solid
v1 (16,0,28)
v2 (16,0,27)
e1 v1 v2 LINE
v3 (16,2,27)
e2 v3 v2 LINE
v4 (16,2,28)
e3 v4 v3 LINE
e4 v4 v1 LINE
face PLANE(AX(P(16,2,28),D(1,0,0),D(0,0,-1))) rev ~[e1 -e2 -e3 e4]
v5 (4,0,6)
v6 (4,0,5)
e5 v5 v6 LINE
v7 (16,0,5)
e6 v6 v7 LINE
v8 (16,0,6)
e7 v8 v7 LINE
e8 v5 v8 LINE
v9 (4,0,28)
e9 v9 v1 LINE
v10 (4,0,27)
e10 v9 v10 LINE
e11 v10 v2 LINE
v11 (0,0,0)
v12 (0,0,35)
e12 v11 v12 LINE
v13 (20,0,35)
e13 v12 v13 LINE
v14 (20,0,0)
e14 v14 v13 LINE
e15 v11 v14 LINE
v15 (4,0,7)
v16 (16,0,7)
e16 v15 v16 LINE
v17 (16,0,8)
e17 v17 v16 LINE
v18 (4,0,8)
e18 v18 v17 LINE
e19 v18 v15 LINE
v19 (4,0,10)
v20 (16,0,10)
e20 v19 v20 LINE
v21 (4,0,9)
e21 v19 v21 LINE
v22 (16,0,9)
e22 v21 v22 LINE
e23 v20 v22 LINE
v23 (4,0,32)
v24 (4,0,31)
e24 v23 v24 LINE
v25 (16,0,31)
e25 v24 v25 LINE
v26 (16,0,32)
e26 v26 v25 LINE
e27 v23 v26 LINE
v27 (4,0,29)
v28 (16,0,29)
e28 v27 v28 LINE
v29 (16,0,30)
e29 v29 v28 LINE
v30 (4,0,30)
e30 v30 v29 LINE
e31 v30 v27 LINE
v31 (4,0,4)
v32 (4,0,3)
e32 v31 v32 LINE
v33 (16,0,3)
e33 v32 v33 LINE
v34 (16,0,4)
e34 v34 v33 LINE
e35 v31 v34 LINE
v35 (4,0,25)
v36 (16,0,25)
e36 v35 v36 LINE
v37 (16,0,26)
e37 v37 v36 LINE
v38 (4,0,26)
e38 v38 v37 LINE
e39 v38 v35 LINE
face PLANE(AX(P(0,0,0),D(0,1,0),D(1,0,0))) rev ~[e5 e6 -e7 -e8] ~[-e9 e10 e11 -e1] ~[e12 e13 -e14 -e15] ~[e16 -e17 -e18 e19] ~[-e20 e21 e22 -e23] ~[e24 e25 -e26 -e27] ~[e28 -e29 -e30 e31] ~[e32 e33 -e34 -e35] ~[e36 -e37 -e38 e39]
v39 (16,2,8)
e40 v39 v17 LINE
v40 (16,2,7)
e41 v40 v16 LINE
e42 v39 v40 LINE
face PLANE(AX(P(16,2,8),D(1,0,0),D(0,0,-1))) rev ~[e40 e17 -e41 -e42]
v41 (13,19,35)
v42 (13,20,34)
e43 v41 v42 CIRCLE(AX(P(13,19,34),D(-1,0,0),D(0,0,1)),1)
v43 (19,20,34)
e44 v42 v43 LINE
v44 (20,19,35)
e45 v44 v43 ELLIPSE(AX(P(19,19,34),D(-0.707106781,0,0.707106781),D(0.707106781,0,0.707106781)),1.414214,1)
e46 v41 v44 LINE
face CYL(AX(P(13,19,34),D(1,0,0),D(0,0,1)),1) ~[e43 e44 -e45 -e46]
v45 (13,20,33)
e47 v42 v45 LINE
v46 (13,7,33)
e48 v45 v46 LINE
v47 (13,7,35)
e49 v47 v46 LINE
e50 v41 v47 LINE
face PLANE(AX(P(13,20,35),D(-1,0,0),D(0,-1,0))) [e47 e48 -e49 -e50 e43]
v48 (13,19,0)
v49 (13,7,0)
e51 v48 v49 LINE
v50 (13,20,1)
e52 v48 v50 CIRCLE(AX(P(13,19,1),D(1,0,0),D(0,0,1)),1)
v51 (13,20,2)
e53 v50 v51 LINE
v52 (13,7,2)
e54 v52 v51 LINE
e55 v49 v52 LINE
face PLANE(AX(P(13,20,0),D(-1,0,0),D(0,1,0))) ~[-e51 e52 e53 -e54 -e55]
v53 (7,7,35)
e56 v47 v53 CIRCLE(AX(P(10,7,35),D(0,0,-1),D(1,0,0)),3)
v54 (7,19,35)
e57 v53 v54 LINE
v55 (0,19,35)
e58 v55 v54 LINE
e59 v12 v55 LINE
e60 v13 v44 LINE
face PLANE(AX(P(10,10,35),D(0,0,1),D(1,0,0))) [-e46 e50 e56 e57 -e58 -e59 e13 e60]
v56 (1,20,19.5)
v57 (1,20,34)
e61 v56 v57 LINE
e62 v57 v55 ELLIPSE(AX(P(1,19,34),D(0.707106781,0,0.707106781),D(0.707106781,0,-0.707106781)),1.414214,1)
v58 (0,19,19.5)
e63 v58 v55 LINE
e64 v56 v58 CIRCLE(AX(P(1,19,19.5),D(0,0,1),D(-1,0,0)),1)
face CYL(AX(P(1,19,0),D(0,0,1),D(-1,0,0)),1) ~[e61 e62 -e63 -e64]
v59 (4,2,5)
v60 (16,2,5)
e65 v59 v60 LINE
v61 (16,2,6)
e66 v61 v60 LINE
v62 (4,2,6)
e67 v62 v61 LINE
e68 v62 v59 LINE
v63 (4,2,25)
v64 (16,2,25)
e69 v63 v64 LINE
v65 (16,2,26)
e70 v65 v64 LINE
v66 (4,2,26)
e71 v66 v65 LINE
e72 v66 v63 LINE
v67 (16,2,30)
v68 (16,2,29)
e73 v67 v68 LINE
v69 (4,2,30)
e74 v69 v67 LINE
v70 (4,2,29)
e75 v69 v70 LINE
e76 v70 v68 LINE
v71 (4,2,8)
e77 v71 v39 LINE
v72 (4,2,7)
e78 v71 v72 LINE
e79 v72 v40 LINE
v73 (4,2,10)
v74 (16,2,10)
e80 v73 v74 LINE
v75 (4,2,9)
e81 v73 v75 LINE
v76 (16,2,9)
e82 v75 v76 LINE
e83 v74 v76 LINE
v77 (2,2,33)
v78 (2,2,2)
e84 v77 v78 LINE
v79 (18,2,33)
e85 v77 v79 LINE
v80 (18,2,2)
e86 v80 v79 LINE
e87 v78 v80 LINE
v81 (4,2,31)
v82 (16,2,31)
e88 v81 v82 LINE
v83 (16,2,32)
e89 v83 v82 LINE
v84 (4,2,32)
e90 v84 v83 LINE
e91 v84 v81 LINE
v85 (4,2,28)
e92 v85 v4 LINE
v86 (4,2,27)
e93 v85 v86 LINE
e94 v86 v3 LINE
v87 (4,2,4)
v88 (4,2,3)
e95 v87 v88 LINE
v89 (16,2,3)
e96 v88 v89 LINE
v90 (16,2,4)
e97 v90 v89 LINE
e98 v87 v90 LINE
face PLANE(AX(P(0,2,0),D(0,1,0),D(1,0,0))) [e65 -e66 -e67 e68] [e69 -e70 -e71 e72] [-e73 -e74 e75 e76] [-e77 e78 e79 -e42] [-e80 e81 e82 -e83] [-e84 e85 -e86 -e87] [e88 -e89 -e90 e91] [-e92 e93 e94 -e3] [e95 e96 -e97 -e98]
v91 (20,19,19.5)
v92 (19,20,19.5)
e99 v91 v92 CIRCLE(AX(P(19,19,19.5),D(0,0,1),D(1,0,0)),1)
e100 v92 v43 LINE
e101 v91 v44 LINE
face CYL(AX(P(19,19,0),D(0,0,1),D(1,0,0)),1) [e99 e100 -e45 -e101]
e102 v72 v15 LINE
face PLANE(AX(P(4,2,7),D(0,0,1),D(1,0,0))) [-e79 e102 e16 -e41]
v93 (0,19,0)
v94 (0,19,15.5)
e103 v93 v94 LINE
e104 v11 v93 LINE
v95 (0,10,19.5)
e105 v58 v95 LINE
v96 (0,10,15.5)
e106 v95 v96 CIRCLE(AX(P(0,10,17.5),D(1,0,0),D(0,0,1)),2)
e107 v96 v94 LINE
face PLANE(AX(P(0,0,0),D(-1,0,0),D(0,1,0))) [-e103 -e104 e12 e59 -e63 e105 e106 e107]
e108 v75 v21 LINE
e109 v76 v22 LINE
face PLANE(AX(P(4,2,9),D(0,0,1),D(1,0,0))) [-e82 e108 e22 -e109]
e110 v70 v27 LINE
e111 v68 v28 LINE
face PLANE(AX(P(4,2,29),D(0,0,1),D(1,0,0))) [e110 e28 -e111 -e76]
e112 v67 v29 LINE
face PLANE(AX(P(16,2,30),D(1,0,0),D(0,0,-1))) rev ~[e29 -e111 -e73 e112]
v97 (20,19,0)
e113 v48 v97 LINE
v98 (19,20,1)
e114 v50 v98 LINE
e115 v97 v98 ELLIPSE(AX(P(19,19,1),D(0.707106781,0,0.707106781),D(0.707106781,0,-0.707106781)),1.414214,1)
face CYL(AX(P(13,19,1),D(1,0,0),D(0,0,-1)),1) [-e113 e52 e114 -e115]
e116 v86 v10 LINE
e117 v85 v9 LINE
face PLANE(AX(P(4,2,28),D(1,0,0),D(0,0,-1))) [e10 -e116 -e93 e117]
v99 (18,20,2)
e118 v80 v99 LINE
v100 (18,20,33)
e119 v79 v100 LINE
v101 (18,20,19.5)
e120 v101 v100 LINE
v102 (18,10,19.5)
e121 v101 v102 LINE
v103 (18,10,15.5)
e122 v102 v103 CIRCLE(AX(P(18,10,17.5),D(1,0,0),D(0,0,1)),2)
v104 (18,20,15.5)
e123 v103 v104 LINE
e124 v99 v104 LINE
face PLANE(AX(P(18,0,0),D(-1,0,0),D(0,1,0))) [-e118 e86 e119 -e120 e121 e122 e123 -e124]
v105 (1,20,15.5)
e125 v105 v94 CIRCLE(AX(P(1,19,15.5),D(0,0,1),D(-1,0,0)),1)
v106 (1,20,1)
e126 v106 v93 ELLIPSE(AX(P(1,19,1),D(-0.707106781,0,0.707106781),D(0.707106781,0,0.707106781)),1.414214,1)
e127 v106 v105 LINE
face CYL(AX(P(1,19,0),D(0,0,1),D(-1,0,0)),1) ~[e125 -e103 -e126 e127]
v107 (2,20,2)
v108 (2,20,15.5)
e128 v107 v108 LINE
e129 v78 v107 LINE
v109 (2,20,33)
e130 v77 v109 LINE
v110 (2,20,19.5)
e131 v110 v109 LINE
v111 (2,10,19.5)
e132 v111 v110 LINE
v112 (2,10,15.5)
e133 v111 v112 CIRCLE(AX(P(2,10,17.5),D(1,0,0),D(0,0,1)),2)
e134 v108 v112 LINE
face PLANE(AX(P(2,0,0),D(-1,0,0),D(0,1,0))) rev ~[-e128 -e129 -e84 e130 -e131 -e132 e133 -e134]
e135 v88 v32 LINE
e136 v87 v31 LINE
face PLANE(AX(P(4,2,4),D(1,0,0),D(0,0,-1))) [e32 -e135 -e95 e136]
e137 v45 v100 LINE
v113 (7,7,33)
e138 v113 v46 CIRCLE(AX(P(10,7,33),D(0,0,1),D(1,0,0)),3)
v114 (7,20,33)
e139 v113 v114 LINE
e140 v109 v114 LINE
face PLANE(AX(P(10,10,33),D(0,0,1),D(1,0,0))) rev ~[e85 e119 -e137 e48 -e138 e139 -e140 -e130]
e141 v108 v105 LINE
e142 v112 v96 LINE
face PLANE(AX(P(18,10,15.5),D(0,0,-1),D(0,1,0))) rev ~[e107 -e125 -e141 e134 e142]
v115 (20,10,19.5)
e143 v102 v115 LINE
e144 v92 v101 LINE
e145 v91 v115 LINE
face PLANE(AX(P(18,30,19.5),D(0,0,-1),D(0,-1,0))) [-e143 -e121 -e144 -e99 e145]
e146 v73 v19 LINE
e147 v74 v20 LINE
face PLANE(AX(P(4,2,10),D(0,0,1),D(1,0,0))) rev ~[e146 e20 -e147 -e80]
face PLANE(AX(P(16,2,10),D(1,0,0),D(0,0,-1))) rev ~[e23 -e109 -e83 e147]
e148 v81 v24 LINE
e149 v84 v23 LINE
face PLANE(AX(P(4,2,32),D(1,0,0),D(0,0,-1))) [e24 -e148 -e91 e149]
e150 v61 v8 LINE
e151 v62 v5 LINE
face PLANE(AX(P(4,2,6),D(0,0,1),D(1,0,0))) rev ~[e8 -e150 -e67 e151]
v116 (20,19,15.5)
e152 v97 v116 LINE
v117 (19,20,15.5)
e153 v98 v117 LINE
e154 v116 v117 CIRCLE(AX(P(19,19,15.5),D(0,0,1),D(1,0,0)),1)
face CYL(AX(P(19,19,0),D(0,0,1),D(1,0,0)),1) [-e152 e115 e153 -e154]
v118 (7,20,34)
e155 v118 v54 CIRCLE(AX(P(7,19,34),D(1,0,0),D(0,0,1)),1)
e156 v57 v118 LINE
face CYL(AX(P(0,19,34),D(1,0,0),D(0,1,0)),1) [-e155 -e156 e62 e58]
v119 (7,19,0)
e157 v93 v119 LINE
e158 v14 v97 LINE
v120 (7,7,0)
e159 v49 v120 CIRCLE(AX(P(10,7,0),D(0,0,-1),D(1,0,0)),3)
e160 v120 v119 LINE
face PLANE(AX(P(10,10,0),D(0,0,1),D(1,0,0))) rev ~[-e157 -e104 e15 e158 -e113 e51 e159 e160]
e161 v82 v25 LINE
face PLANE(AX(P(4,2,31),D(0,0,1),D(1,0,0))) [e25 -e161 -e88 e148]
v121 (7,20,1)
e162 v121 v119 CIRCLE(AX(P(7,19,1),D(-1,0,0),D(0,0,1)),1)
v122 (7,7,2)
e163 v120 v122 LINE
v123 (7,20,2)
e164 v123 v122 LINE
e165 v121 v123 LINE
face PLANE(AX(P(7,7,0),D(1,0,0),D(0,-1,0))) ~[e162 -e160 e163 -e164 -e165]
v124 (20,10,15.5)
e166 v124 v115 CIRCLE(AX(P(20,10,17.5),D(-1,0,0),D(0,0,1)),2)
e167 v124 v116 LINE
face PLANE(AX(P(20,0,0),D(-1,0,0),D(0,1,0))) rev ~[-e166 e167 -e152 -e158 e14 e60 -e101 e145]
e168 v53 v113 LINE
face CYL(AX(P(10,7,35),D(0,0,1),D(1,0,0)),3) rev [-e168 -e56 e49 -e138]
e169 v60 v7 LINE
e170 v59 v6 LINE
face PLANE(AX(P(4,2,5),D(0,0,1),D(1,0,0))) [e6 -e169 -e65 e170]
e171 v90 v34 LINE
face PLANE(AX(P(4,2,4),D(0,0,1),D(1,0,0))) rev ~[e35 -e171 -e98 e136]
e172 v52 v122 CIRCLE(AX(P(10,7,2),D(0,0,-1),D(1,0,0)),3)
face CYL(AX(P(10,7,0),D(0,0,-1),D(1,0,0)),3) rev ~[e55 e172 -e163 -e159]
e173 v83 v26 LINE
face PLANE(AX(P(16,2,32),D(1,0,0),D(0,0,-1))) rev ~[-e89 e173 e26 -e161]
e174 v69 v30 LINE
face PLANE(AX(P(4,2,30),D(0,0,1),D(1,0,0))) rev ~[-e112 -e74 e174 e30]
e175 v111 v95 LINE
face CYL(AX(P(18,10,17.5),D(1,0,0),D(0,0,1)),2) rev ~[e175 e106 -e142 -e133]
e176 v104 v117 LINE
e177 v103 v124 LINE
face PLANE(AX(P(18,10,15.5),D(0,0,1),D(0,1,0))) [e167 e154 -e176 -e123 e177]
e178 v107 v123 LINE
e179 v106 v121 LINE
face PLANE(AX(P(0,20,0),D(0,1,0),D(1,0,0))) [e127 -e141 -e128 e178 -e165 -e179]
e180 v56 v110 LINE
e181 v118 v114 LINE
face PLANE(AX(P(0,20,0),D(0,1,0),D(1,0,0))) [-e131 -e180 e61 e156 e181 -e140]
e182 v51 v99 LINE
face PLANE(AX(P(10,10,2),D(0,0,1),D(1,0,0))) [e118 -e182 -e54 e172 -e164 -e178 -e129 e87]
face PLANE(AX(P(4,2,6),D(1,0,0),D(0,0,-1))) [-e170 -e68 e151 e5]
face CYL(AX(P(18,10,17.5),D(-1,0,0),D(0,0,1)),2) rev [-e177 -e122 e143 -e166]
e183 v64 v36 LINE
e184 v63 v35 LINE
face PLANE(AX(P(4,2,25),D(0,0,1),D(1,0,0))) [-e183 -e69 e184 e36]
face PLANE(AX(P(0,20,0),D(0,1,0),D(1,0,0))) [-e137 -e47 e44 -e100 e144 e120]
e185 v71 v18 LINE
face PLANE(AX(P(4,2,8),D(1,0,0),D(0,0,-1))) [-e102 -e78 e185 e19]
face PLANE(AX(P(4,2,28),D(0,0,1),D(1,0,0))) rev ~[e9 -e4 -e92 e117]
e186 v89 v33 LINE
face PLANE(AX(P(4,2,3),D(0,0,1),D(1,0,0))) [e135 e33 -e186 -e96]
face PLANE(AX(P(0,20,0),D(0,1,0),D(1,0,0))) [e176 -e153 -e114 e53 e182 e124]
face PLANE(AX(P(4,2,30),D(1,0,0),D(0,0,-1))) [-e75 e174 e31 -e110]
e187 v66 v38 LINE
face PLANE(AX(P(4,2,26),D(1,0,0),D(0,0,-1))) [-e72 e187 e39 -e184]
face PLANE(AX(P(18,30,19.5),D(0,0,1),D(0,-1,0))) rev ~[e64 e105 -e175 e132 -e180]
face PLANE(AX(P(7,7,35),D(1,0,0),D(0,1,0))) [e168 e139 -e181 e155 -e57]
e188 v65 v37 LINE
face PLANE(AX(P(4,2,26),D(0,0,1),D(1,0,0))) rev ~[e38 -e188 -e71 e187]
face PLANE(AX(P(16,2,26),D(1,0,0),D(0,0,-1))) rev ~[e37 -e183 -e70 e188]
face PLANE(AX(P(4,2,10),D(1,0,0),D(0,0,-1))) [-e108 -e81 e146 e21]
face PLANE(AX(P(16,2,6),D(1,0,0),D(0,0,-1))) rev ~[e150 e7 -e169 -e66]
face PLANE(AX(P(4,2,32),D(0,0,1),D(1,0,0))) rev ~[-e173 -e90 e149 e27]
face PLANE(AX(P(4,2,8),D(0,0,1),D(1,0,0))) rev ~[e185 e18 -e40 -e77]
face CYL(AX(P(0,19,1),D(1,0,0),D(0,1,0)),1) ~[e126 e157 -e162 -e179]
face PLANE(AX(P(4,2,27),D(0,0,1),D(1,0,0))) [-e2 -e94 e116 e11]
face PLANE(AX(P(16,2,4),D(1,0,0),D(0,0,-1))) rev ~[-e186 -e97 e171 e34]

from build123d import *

# Parameters (mm, degrees)
SKIZZE1_W                                   = 20
SKIZZE1_H                                   = 20
AUFSATZ_LINEAR_AUSTRAGEN1_DEPTH             = 35
WANDUNG1_T                                  = -2
SCHNITT_LINEAR_AUSTRAGEN2_DEPTH             = 33
VERRUNDUNG1_R                               = 1
SKIZZE4_W                                   = 12
SKIZZE4_H                                   = 1
SCHNITT_LINEAR_AUSTRAGEN3_DEPTH             = 2
LINEARES_MUSTER1_COUNT                      = 8
LINEARES_MUSTER1_PITCH                      = 2
LINEARES_MUSTER1_COL_COUNT                  = 8
LINEARES_MUSTER1_COL_PITCH                  = 2
SKIZZE5_W                                   = 12
SKIZZE5_H                                   = 15
AUFSATZ_LINEAR_AUSTRAGEN2_DEPTH             = 2
SCHNITT_LINEAR_AUSTRAGEN4_REACH             = 46.147
SCHNITT_LINEAR_AUSTRAGEN4_DIRECTION_2_REACH = 46.147


with BuildPart() as part:
    # Skizze1 → Aufsatz-Linear austragen1 (new body)
    with BuildSketch(Plane.XY):
        with Locations((10, 10)):
            Rectangle(SKIZZE1_W, SKIZZE1_H)
    extrude(amount=AUFSATZ_LINEAR_AUSTRAGEN1_DEPTH)

    # Wandung1
    wandung1_openings = [part.faces().sort_by_distance(p)[0] for p in [
        (10, 20, 17.5),
    ]]
    offset(amount=WANDUNG1_T, openings=wandung1_openings, kind=Kind.INTERSECTION)

    # Skizze3 → Schnitt-Linear austragen2 (cut)
    with BuildSketch(Plane.XY.offset(35)):
        with BuildLine():
            Line((13, 20), (13, 7))
            ThreePointArc((13, 7), (10, 4), (7, 7))
            Line((7, 7), (7, 20))
            ThreePointArc((7, 20), (10, 23), (13, 20))
        make_face()
    schnitt_linear_austragen2 = extrude(amount=-SCHNITT_LINEAR_AUSTRAGEN2_DEPTH, mode=Mode.SUBTRACT)

    # Spiegeln1: Schnitt-Linear austragen2 across plane
    add(schnitt_linear_austragen2.mirror(Plane.XY.offset(17.5)), mode=Mode.SUBTRACT)

    # Verrundung1
    verrundung1_edges = [part.edges().sort_by_distance(p)[0] for p in [
        (16.5, 20, 35),
        (3.5, 20, 35),
        (3.5, 20, 0),
        (16.5, 20, 0),
        (0, 20, 17.5),
        (20, 20, 17.5),
    ]]
    fillet(verrundung1_edges, radius=VERRUNDUNG1_R)

    # Skizze4 → Schnitt-Linear austragen3 (cut)
    with BuildSketch(Plane(origin=(0, 2, 0), x_dir=(1, 0, 0), z_dir=(0, 1, 0))):
        with Locations((10, -17.5)):
            Rectangle(SKIZZE4_W, SKIZZE4_H)
    schnitt_linear_austragen3 = extrude(amount=-SCHNITT_LINEAR_AUSTRAGEN3_DEPTH, mode=Mode.SUBTRACT)

    # Lineares Muster1: Schnitt-Linear austragen3 ×8
    with Locations(*[(0, 0, i * LINEARES_MUSTER1_PITCH) for i in range(1, LINEARES_MUSTER1_COUNT)]):
        add(schnitt_linear_austragen3, mode=Mode.SUBTRACT)

    # Lineares Muster1 col: Schnitt-Linear austragen3 ×8
    with Locations(*[(0, 0, -i * LINEARES_MUSTER1_COL_PITCH) for i in range(1, LINEARES_MUSTER1_COL_COUNT)]):
        add(schnitt_linear_austragen3, mode=Mode.SUBTRACT)

    # Skizze5 → Aufsatz-Linear austragen2 (add)
    with BuildSketch(Plane.XZ):
        with Locations((10, 17.5)):
            Rectangle(SKIZZE5_W, SKIZZE5_H)
    extrude(amount=-AUFSATZ_LINEAR_AUSTRAGEN2_DEPTH)

    # Schnitt-Linear austragen4: up to this face of the body (flat: up to its plane)
    schnitt_linear_austragen4_end = Plane(part.part.faces().sort_by_distance((20, 9.5, 17.5))[0])
    # Skizze7 → Schnitt-Linear austragen4 (cut, up to the picked face)
    with BuildSketch(Plane.ZY.offset(-18), mode=Mode.PRIVATE) as schnitt_linear_austragen4_sk1:
        with BuildLine():
            Line((19.5, 30), (19.5, 10))
            ThreePointArc((19.5, 10), (17.5, 8), (15.5, 10))
            Line((15.5, 10), (15.5, 30))
            ThreePointArc((15.5, 30), (17.5, 32), (19.5, 30))
        make_face()
    schnitt_linear_austragen4_tool1 = split(extrude(schnitt_linear_austragen4_sk1.sketch, amount=-SCHNITT_LINEAR_AUSTRAGEN4_REACH, mode=Mode.PRIVATE), bisect_by=schnitt_linear_austragen4_end, keep=Keep.BOTH, mode=Mode.PRIVATE)
    add(schnitt_linear_austragen4_tool1.solids().sort_by(Axis((18, 20, 17.5), (1, 0, 0)))[0], mode=Mode.SUBTRACT)

    # Schnitt-Linear austragen4 direction 2: up to this face of the body (flat: up to its plane)
    schnitt_linear_austragen4_direction_2_end = Plane(part.part.faces().sort_by_distance((0, 9.5, 17.5))[0])
    # Skizze7 → Schnitt-Linear austragen4 direction 2 (cut, up to the picked face)
    with BuildSketch(Plane.ZY.offset(-18), mode=Mode.PRIVATE) as schnitt_linear_austragen4_direction_2_sk1:
        with BuildLine():
            Line((19.5, 30), (19.5, 10))
            ThreePointArc((19.5, 10), (17.5, 8), (15.5, 10))
            Line((15.5, 10), (15.5, 30))
            ThreePointArc((15.5, 30), (17.5, 32), (19.5, 30))
        make_face()
    schnitt_linear_austragen4_direction_2_tool1 = split(extrude(schnitt_linear_austragen4_direction_2_sk1.sketch, amount=SCHNITT_LINEAR_AUSTRAGEN4_DIRECTION_2_REACH, mode=Mode.PRIVATE), bisect_by=schnitt_linear_austragen4_direction_2_end, keep=Keep.BOTH, mode=Mode.PRIVATE)
    add(schnitt_linear_austragen4_direction_2_tool1.solids().sort_by(Axis((18, 20, 17.5), (-1, 0, 0)))[0], mode=Mode.SUBTRACT)


solid = part.part
